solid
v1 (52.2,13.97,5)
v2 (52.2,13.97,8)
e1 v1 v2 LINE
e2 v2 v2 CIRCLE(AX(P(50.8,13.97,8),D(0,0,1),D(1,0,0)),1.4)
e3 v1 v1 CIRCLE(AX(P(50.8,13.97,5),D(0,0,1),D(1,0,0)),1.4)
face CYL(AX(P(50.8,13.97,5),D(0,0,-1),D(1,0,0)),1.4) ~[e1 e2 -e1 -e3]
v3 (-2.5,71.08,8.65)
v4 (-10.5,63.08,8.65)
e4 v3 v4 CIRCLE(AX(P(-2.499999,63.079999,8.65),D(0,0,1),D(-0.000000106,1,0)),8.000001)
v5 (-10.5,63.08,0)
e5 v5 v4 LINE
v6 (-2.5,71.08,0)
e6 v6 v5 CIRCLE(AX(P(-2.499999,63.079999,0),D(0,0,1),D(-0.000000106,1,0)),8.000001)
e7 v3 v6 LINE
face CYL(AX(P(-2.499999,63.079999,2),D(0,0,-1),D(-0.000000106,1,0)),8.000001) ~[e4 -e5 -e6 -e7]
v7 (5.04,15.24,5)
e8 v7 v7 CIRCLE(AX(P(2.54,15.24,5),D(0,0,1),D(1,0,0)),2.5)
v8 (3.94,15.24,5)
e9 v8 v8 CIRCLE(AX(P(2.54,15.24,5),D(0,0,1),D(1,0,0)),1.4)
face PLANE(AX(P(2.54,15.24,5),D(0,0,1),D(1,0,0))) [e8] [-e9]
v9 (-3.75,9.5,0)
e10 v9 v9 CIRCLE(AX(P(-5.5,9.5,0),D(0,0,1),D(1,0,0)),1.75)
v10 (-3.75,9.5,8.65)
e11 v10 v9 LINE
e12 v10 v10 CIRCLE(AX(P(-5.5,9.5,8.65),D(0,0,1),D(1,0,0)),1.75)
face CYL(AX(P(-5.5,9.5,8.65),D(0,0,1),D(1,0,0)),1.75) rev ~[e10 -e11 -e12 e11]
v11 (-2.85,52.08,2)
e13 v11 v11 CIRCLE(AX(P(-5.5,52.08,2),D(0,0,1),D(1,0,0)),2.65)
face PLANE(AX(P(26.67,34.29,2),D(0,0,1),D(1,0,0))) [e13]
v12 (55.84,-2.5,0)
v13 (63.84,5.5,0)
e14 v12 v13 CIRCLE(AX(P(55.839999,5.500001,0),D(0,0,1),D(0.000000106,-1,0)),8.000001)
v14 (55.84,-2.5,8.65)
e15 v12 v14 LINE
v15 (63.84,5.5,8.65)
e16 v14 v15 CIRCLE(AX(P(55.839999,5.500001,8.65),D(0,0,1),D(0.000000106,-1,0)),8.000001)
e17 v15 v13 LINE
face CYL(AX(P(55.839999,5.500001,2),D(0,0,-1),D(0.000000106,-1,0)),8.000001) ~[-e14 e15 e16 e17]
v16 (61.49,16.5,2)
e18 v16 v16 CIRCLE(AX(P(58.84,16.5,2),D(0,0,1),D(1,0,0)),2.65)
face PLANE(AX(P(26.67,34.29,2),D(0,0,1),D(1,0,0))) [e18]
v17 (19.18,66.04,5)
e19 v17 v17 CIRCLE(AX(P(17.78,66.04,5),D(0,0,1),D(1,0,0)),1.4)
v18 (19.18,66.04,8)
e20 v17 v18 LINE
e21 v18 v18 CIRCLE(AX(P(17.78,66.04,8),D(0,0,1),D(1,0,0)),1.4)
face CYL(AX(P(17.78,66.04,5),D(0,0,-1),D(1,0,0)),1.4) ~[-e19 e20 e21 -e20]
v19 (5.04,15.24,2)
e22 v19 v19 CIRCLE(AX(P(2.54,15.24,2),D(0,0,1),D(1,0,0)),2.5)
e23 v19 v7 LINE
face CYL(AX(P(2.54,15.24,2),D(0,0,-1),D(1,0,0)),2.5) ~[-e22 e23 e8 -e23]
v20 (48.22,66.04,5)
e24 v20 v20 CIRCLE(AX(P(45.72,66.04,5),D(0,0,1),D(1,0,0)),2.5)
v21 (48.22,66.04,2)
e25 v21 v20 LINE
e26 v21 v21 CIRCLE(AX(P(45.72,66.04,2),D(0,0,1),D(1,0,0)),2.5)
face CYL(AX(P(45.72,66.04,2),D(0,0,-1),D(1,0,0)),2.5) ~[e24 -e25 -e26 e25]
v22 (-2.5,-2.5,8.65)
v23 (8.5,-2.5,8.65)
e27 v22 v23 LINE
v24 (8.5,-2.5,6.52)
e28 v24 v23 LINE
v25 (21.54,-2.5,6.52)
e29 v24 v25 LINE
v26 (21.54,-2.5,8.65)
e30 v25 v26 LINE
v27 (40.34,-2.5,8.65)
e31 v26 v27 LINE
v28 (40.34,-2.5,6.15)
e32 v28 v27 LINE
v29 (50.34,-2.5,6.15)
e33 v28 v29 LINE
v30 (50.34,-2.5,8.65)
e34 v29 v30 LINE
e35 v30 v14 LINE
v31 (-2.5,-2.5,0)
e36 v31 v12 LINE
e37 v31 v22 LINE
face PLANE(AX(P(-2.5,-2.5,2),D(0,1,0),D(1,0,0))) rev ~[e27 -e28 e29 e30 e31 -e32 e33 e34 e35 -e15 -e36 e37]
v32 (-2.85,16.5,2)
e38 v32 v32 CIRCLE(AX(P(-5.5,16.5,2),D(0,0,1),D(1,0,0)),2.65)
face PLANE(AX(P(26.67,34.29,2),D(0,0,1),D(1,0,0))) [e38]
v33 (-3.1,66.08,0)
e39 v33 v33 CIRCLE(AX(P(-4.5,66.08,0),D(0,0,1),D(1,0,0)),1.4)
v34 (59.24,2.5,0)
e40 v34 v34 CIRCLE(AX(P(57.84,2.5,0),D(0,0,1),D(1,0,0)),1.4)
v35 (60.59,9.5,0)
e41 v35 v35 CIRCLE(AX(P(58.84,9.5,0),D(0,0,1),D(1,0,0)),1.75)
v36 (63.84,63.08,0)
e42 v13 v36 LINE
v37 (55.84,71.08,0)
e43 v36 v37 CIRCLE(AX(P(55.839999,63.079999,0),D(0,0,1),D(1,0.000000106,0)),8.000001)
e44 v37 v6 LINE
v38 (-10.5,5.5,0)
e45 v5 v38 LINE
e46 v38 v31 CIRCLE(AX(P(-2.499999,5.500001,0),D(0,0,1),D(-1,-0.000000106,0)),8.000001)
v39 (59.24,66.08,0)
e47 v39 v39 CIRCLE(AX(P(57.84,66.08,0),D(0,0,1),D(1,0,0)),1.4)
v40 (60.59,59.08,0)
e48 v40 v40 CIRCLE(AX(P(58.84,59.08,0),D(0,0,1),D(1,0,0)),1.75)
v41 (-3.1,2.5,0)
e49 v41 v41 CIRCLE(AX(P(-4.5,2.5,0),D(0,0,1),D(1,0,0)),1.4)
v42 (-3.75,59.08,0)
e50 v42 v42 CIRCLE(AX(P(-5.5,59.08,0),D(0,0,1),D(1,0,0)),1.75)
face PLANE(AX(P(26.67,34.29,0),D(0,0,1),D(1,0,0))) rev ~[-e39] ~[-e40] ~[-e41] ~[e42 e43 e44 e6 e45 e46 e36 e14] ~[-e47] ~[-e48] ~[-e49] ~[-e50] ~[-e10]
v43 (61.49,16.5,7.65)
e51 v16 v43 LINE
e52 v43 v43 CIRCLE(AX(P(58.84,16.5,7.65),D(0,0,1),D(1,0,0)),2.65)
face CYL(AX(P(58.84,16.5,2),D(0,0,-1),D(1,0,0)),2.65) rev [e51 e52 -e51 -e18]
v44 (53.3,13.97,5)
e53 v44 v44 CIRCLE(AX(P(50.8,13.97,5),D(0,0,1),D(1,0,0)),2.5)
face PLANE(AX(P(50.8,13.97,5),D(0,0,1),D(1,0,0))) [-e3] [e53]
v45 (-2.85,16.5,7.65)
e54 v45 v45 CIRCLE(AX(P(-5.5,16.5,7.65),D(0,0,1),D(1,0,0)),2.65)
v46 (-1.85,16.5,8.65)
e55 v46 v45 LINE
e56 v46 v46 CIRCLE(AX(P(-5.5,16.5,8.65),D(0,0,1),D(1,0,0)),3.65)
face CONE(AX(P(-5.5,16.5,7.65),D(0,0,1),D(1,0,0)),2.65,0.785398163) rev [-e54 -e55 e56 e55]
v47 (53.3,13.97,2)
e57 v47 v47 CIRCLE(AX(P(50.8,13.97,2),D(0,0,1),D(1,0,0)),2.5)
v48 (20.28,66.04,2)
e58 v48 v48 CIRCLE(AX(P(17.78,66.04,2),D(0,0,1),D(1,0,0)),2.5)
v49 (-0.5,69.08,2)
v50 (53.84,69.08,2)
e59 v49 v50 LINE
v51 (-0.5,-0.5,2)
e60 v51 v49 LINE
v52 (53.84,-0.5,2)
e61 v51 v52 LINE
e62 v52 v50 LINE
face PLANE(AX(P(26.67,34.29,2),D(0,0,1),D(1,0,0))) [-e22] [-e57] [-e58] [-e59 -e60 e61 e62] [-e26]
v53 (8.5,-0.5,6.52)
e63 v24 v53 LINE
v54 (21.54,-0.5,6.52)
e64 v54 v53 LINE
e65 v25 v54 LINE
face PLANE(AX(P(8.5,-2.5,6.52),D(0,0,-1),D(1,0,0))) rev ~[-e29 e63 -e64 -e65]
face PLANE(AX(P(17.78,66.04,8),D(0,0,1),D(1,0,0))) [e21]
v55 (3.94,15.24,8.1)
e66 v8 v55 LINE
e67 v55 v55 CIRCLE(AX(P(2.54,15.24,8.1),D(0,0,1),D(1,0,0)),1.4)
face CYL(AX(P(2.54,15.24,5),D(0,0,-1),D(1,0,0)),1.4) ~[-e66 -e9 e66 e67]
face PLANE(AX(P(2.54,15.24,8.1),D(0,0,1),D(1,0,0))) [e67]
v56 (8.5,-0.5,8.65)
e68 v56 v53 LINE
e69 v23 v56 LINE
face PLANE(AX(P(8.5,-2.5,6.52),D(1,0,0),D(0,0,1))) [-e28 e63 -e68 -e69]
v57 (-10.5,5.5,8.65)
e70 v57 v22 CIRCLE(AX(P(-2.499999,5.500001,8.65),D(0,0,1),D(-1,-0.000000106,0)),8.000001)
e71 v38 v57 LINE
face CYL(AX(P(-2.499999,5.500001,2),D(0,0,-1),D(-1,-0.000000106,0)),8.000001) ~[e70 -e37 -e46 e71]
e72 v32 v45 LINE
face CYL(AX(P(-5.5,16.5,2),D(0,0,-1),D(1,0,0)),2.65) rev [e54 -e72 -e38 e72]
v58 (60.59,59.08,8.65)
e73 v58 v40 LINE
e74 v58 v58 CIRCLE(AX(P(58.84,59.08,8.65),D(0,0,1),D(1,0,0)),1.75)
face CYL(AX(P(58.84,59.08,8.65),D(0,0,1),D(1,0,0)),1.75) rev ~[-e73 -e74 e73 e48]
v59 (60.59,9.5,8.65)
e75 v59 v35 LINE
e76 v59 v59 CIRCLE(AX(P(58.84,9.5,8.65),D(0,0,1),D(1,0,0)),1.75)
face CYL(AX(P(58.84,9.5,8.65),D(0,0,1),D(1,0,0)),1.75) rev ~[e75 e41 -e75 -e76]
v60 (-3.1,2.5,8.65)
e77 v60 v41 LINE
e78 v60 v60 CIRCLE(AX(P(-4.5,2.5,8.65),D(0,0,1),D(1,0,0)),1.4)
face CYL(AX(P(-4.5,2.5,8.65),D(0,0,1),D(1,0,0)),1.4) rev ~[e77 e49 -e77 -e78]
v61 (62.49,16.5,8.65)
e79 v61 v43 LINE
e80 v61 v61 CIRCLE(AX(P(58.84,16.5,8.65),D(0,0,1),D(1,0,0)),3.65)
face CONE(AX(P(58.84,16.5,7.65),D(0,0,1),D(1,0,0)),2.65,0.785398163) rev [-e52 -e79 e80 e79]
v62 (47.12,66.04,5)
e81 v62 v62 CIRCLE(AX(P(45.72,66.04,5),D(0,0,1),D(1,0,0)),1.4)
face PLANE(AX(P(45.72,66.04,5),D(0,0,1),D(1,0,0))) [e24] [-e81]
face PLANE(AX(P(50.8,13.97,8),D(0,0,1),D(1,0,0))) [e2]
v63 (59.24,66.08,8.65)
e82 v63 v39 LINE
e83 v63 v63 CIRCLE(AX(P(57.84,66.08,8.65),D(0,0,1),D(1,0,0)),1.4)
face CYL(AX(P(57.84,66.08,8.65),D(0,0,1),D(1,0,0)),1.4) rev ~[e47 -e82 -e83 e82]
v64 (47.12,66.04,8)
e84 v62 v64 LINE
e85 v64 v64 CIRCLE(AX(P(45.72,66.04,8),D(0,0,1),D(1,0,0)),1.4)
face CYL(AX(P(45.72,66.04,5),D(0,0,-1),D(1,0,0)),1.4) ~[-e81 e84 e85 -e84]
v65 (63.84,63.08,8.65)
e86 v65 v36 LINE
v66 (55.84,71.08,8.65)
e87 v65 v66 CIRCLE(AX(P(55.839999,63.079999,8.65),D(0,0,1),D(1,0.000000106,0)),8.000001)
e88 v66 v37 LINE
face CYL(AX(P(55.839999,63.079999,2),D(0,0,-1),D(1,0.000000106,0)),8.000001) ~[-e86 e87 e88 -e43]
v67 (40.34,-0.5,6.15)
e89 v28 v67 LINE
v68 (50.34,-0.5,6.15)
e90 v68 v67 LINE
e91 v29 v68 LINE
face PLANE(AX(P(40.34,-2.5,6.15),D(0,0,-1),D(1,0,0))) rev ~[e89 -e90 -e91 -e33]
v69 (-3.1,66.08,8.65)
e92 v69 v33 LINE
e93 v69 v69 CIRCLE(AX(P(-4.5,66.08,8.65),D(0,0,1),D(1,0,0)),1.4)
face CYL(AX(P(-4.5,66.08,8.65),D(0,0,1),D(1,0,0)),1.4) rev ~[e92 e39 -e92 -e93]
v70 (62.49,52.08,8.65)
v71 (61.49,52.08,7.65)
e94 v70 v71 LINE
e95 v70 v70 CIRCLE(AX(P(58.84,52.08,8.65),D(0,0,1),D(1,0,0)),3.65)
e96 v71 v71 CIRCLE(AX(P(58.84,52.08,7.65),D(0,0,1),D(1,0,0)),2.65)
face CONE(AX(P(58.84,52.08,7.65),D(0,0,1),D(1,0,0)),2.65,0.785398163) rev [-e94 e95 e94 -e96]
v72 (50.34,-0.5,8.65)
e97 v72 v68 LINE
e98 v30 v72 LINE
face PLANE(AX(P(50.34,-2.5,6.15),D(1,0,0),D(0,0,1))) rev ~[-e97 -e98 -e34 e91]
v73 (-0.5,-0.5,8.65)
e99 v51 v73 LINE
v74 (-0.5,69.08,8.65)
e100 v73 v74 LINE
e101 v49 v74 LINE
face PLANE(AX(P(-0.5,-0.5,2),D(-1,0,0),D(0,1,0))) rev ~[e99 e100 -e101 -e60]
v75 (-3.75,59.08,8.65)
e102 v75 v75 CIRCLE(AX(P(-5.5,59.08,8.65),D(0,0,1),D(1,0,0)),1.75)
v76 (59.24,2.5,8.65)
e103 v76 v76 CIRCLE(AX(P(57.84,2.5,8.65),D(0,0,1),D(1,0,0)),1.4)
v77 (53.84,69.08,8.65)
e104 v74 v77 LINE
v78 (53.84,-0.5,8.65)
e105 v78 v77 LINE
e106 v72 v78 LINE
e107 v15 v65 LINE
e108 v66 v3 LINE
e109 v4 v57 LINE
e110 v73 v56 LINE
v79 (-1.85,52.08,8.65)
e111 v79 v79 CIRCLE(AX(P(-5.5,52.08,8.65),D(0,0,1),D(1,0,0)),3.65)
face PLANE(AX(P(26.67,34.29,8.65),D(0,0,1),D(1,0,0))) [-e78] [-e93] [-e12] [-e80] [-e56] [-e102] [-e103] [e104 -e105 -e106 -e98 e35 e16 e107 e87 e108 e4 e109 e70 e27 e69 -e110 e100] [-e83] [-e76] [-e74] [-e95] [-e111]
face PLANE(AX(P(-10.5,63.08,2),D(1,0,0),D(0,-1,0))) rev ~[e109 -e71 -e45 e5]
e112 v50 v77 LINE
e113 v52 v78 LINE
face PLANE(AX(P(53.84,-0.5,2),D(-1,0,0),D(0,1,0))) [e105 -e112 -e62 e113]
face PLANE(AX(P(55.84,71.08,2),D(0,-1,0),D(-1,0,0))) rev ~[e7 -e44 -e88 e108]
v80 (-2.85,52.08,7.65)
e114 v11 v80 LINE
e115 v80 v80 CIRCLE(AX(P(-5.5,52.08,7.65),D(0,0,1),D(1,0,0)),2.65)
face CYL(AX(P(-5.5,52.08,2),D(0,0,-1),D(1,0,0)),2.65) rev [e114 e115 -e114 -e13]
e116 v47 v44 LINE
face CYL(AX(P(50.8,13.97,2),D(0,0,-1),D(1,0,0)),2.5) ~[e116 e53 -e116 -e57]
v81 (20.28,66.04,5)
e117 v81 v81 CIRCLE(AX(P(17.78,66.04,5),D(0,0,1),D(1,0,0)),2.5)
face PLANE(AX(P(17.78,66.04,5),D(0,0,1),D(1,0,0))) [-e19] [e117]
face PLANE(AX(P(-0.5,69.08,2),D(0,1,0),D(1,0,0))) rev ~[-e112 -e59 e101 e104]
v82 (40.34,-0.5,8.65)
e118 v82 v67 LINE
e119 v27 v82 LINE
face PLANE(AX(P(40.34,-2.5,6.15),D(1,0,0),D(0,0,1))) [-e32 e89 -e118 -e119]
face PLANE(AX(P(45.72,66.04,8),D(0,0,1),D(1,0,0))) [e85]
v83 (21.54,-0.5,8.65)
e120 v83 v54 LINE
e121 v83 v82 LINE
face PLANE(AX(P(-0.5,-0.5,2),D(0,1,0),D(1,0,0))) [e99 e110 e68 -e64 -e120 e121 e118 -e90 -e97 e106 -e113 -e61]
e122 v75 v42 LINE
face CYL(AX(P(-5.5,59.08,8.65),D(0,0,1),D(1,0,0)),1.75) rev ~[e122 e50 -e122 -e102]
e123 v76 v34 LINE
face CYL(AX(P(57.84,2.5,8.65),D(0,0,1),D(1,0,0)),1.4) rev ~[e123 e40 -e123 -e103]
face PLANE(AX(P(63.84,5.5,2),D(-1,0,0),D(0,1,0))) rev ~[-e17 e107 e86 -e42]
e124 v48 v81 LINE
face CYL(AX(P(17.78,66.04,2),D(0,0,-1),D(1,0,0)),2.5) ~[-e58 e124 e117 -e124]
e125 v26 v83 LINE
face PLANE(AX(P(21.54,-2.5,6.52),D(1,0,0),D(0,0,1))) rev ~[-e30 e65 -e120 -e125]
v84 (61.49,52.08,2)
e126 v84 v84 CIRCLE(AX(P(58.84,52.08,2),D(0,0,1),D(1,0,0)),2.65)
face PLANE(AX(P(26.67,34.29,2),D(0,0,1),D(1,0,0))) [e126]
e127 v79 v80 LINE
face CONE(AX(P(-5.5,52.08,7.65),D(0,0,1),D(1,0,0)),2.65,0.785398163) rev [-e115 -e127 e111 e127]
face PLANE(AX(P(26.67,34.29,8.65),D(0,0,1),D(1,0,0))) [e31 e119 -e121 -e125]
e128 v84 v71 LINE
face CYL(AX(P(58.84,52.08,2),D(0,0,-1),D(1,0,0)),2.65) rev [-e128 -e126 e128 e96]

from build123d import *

# Parameters (mm, degrees)
F1_DEPTH  = 2
F2_R      = 2.5
F3_DEPTH  = 3
F4_R      = 1.4
F5_DEPTH  = 3
F6_R      = 1.4
F7_DEPTH  = 3
F8_R      = 1.4
F9_DEPTH  = 3.1
F10_R     = 1.4
F11_DEPTH = 3
F12_R     = 2.65
F12_W     = 54.34
F12_H     = 69.58
F13_DEPTH = 6.65
F14_R     = 1.75
F14_R_2   = 1.4
F15_DEPTH = 25
F16_W     = 13.04
F16_H     = 2.13
F16_W_2   = 10
F16_H_2   = 2.5
F17_DEPTH = 3
F18_SIZE  = 1


with BuildPart() as f1:
    # F0 (on Top) → F1 (new body)
    with BuildSketch(Plane.XY):
        with BuildLine():
            Line((55.84, 71.08), (-2.5, 71.08))
            ThreePointArc((-2.5, 71.08), (-8.156854, 68.736854), (-10.5, 63.08))
            Line((-10.5, 63.08), (-10.5, 5.5))
            ThreePointArc((-10.5, 5.5), (-8.156854, -0.156854), (-2.5, -2.5))
            Line((-2.5, -2.5), (55.84, -2.5))
            ThreePointArc((55.84, -2.5), (61.496854, -0.156854), (63.84, 5.5))
            Line((63.84, 5.5), (63.84, 63.08))
            ThreePointArc((63.84, 63.08), (61.496854, 68.736854), (55.84, 71.08))
        make_face()
    extrude(amount=F1_DEPTH)

    # F2 (on face) → F3 (join)
    with BuildSketch(Plane.XY.offset(2)):
        with Locations((17.78, 66.04)):
            Circle(F2_R)
        with Locations((45.72, 66.04)):
            Circle(F2_R)
        with Locations((2.54, 15.24)):
            Circle(F2_R)
        with Locations((50.8, 13.97)):
            Circle(F2_R)
    extrude(amount=F3_DEPTH)

    # F4 (on face) → F5 (join)
    with BuildSketch(Plane.XY.offset(5)):
        with Locations((17.78, 66.04)):
            Circle(F4_R)
    extrude(amount=F5_DEPTH)

    # F6 (on face) → F7 (join)
    with BuildSketch(Plane.XY.offset(5)):
        with Locations((45.72, 66.04)):
            Circle(F6_R)
    extrude(amount=F7_DEPTH)

    # F8 (on face) → F9 (join)
    with BuildSketch(Plane.XY.offset(5)):
        with Locations((2.54, 15.24)):
            Circle(F8_R)
    extrude(amount=F9_DEPTH)

    # F10 (on face) → F11 (join)
    with BuildSketch(Plane.XY.offset(5)):
        with Locations((50.8, 13.97)):
            Circle(F10_R)
    extrude(amount=F11_DEPTH)

    # F12 (on face) → F13 (join)
    with BuildSketch(Plane.XY.offset(2)):
        with BuildLine():
            ThreePointArc((-2.5, 71.08), (-8.156854, 68.736854), (-10.5, 63.08))
            Line((-10.5, 63.08), (-10.5, 5.5))
            ThreePointArc((-10.5, 5.5), (-8.156854, -0.156854), (-2.5, -2.5))
            Line((-2.5, -2.5), (55.84, -2.5))
            ThreePointArc((55.84, -2.5), (61.496854, -0.156854), (63.84, 5.5))
            Line((63.84, 5.5), (63.84, 63.08))
            ThreePointArc((63.84, 63.08), (61.496854, 68.736854), (55.84, 71.08))
            Line((55.84, 71.08), (-2.5, 71.08))
        make_face()
        with Locations((-5.5, 16.5)):
            Circle(F12_R, mode=Mode.SUBTRACT)
        with Locations((58.84, 16.5)):
            Circle(F12_R, mode=Mode.SUBTRACT)
        with Locations((-5.5, 52.08)):
            Circle(F12_R, mode=Mode.SUBTRACT)
        with Locations((26.67, 34.29)):
            Rectangle(F12_W, F12_H, mode=Mode.SUBTRACT)
        with Locations((58.84, 52.08)):
            Circle(F12_R, mode=Mode.SUBTRACT)
    extrude(amount=F13_DEPTH)

    # F14 (on face) → F15 (cut)
    with BuildSketch(Plane.XY.offset(8.65)):
        with Locations((-5.5, 9.5)):
            Circle(F14_R)
        with Locations((-4.5, 2.5)):
            Circle(F14_R_2)
        with Locations((-4.5, 66.08)):
            Circle(F14_R_2)
        with Locations((-5.5, 59.08)):
            Circle(F14_R)
        with Locations((57.84, 66.08)):
            Circle(F14_R_2)
        with Locations((58.84, 59.08)):
            Circle(F14_R)
        with Locations((58.84, 9.5)):
            Circle(F14_R)
        with Locations((57.84, 2.5)):
            Circle(F14_R_2)
    extrude(amount=-F15_DEPTH, mode=Mode.SUBTRACT)

    # F16 (on face) → F17 (cut)
    with BuildSketch(Plane.XZ.offset(2.5)):
        with Locations((15.02, 7.585)):
            Rectangle(F16_W, F16_H)
        with Locations((45.34, 7.4)):
            Rectangle(F16_W_2, F16_H_2)
    extrude(amount=-F17_DEPTH, mode=Mode.SUBTRACT)

    # F18
    f18_edges = [f1.edges().sort_by_distance(p)[0] for p in [
        (56.19, 16.5, 8.65),
        (56.19, 52.08, 8.65),
        (-8.15, 52.08, 8.65),
        (-8.15, 16.5, 8.65),
    ]]
    chamfer(f18_edges, length=F18_SIZE)


solid = f1.part
